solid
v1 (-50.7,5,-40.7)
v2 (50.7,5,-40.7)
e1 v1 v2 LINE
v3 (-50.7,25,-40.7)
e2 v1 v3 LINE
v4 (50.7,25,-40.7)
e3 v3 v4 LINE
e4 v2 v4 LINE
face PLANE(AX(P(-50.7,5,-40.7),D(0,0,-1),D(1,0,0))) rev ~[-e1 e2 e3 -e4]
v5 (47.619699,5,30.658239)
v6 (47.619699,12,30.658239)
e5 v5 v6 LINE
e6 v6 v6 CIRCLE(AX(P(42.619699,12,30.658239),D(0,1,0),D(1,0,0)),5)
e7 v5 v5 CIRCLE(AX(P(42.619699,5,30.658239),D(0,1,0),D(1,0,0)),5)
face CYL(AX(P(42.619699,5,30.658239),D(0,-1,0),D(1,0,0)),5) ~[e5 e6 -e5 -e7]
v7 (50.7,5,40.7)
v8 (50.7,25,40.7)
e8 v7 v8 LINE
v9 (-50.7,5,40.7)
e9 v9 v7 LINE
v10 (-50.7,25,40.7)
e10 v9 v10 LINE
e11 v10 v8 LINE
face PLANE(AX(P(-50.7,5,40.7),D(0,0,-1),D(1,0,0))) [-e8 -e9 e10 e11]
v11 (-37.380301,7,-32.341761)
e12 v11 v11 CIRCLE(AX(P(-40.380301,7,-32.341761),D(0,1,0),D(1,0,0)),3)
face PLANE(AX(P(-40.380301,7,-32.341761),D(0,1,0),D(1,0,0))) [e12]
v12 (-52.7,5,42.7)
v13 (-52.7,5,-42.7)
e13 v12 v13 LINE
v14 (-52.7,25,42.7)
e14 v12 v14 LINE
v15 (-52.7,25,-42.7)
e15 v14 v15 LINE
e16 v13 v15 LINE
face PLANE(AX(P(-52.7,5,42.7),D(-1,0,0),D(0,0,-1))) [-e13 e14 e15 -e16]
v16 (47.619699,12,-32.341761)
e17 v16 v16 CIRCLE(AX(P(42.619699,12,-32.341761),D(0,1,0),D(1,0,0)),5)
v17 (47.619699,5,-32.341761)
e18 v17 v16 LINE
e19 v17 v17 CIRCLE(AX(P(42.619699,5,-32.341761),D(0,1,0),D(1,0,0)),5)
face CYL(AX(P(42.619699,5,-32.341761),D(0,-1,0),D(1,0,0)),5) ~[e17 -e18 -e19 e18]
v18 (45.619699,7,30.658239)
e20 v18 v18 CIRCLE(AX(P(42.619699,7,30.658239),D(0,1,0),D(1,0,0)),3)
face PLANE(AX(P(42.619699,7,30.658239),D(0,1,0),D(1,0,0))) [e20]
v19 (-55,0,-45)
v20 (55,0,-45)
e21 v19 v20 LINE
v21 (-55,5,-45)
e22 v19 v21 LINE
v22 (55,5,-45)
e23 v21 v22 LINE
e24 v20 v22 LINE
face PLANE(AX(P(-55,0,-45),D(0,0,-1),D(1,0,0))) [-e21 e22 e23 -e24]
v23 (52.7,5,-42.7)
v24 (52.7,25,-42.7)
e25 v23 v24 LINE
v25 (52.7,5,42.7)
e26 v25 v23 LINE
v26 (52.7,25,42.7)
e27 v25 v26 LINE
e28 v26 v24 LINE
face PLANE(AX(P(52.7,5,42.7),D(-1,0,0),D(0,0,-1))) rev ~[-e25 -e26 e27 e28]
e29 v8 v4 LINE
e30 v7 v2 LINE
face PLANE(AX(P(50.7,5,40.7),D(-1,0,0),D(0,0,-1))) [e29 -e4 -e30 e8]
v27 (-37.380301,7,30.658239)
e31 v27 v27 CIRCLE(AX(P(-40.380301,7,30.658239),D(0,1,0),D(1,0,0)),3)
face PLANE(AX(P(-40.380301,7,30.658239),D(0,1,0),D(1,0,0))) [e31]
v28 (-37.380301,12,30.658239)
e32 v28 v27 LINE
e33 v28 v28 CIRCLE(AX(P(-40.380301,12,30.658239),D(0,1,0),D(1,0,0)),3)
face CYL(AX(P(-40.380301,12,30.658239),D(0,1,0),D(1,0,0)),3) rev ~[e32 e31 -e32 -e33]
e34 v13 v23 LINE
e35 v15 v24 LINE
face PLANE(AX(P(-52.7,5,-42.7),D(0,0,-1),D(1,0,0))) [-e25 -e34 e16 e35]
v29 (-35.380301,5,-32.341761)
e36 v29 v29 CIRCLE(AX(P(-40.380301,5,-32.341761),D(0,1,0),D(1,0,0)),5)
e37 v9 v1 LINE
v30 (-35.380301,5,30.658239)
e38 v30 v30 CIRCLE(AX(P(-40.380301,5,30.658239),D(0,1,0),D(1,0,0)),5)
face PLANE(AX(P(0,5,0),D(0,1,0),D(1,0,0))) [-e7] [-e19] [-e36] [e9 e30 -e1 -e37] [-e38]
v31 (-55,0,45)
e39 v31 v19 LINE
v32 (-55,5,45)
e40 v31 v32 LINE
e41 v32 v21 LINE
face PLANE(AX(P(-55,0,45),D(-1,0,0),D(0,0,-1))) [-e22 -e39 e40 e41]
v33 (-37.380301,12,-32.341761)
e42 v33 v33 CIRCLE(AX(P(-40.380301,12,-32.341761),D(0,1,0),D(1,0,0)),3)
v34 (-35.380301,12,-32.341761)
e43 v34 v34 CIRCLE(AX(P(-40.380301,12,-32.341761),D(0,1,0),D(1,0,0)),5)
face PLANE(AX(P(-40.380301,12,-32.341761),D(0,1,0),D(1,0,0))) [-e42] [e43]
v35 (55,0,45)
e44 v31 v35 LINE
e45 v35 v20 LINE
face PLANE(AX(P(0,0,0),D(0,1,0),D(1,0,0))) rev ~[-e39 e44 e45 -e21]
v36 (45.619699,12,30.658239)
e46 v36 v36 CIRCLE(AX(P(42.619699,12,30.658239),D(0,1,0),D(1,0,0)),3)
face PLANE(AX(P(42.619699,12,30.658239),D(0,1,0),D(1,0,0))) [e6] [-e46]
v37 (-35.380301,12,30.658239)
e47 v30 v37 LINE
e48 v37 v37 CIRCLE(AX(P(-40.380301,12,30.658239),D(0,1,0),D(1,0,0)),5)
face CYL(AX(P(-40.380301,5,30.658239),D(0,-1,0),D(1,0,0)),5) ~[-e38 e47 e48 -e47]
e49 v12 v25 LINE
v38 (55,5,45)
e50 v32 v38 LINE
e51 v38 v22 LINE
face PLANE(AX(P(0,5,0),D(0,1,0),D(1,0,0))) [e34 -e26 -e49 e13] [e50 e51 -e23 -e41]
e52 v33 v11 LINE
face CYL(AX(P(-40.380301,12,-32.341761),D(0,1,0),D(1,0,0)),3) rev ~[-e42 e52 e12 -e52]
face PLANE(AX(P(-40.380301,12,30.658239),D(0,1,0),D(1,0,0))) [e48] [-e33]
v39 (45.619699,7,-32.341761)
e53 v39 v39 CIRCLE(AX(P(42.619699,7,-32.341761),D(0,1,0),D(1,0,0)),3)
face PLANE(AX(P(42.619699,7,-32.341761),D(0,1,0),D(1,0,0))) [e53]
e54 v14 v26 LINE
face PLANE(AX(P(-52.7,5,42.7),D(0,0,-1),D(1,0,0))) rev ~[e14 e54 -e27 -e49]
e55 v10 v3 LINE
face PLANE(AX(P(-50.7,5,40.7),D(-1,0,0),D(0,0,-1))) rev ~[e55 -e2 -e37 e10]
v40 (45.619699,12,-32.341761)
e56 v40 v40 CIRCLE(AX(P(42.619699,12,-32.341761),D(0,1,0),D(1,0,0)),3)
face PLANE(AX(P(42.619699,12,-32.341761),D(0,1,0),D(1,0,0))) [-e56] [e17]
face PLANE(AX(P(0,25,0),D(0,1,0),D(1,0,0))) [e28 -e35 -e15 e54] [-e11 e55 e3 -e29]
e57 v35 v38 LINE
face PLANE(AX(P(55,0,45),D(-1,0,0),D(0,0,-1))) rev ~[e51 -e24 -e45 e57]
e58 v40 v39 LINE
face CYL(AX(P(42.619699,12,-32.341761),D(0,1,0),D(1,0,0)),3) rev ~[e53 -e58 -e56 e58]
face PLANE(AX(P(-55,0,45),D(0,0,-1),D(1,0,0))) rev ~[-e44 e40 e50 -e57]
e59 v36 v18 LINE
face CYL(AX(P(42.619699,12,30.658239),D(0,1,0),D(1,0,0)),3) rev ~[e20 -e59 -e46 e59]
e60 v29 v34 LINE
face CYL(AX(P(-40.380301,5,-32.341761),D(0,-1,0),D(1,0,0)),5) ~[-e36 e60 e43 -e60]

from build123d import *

# Parameters (mm, degrees)
SKETCH1_W           = 110
SKETCH1_H           = 90
BOSS_EXTRUDE1_DEPTH = 5
SKETCH4_W           = 105.4
SKETCH4_H           = 85.4
SKETCH4_W_2         = 101.4
SKETCH4_H_2         = 81.4
BOSS_EXTRUDE2_DEPTH = 20
SKETCH5_R           = 5
BOSS_EXTRUDE3_DEPTH = 7
SKETCH6_R           = 3
CUT_EXTRUDE1_DEPTH  = 5


with BuildPart() as part:
    # Sketch1 → Boss-Extrude1 (new body)
    with BuildSketch(Plane(origin=(0, 0, 0), x_dir=(1, 0, 0), z_dir=(0, 1, 0))):
        Rectangle(SKETCH1_W, SKETCH1_H)
    extrude(amount=BOSS_EXTRUDE1_DEPTH)

    # Sketch4 → Boss-Extrude2 (add)
    with BuildSketch(Plane(origin=(0, 5, 0), x_dir=(1, 0, 0), z_dir=(0, 1, 0))):
        Rectangle(SKETCH4_W, SKETCH4_H)
        Rectangle(SKETCH4_W_2, SKETCH4_H_2, mode=Mode.SUBTRACT)
    extrude(amount=BOSS_EXTRUDE2_DEPTH)

    # Sketch5 → Boss-Extrude3 (add)
    with BuildSketch(Plane(origin=(0, 5, 0), x_dir=(1, 0, 0), z_dir=(0, 1, 0))):
        with Locations((-40.380300674, 32.341761364)):
            Circle(SKETCH5_R)
        with Locations((-40.380300674, -30.658238636)):
            Circle(SKETCH5_R)
        with Locations((42.619699326, -30.658238636)):
            Circle(SKETCH5_R)
        with Locations((42.619699326, 32.341761364)):
            Circle(SKETCH5_R)
    extrude(amount=BOSS_EXTRUDE3_DEPTH)

    # Sketch6 → Cut-Extrude1 (cut)
    with BuildSketch(Plane(origin=(0, 12, 0), x_dir=(1, 0, 0), z_dir=(0, 1, 0))):
        with Locations((-40.380300674, 32.341761364)):
            Circle(SKETCH6_R)
        with Locations((-40.380300674, -30.658238636)):
            Circle(SKETCH6_R)
        with Locations((42.619699326, -30.658238636)):
            Circle(SKETCH6_R)
        with Locations((42.619699326, 32.341761364)):
            Circle(SKETCH6_R)
    extrude(amount=-CUT_EXTRUDE1_DEPTH, mode=Mode.SUBTRACT)


solid = part.part
